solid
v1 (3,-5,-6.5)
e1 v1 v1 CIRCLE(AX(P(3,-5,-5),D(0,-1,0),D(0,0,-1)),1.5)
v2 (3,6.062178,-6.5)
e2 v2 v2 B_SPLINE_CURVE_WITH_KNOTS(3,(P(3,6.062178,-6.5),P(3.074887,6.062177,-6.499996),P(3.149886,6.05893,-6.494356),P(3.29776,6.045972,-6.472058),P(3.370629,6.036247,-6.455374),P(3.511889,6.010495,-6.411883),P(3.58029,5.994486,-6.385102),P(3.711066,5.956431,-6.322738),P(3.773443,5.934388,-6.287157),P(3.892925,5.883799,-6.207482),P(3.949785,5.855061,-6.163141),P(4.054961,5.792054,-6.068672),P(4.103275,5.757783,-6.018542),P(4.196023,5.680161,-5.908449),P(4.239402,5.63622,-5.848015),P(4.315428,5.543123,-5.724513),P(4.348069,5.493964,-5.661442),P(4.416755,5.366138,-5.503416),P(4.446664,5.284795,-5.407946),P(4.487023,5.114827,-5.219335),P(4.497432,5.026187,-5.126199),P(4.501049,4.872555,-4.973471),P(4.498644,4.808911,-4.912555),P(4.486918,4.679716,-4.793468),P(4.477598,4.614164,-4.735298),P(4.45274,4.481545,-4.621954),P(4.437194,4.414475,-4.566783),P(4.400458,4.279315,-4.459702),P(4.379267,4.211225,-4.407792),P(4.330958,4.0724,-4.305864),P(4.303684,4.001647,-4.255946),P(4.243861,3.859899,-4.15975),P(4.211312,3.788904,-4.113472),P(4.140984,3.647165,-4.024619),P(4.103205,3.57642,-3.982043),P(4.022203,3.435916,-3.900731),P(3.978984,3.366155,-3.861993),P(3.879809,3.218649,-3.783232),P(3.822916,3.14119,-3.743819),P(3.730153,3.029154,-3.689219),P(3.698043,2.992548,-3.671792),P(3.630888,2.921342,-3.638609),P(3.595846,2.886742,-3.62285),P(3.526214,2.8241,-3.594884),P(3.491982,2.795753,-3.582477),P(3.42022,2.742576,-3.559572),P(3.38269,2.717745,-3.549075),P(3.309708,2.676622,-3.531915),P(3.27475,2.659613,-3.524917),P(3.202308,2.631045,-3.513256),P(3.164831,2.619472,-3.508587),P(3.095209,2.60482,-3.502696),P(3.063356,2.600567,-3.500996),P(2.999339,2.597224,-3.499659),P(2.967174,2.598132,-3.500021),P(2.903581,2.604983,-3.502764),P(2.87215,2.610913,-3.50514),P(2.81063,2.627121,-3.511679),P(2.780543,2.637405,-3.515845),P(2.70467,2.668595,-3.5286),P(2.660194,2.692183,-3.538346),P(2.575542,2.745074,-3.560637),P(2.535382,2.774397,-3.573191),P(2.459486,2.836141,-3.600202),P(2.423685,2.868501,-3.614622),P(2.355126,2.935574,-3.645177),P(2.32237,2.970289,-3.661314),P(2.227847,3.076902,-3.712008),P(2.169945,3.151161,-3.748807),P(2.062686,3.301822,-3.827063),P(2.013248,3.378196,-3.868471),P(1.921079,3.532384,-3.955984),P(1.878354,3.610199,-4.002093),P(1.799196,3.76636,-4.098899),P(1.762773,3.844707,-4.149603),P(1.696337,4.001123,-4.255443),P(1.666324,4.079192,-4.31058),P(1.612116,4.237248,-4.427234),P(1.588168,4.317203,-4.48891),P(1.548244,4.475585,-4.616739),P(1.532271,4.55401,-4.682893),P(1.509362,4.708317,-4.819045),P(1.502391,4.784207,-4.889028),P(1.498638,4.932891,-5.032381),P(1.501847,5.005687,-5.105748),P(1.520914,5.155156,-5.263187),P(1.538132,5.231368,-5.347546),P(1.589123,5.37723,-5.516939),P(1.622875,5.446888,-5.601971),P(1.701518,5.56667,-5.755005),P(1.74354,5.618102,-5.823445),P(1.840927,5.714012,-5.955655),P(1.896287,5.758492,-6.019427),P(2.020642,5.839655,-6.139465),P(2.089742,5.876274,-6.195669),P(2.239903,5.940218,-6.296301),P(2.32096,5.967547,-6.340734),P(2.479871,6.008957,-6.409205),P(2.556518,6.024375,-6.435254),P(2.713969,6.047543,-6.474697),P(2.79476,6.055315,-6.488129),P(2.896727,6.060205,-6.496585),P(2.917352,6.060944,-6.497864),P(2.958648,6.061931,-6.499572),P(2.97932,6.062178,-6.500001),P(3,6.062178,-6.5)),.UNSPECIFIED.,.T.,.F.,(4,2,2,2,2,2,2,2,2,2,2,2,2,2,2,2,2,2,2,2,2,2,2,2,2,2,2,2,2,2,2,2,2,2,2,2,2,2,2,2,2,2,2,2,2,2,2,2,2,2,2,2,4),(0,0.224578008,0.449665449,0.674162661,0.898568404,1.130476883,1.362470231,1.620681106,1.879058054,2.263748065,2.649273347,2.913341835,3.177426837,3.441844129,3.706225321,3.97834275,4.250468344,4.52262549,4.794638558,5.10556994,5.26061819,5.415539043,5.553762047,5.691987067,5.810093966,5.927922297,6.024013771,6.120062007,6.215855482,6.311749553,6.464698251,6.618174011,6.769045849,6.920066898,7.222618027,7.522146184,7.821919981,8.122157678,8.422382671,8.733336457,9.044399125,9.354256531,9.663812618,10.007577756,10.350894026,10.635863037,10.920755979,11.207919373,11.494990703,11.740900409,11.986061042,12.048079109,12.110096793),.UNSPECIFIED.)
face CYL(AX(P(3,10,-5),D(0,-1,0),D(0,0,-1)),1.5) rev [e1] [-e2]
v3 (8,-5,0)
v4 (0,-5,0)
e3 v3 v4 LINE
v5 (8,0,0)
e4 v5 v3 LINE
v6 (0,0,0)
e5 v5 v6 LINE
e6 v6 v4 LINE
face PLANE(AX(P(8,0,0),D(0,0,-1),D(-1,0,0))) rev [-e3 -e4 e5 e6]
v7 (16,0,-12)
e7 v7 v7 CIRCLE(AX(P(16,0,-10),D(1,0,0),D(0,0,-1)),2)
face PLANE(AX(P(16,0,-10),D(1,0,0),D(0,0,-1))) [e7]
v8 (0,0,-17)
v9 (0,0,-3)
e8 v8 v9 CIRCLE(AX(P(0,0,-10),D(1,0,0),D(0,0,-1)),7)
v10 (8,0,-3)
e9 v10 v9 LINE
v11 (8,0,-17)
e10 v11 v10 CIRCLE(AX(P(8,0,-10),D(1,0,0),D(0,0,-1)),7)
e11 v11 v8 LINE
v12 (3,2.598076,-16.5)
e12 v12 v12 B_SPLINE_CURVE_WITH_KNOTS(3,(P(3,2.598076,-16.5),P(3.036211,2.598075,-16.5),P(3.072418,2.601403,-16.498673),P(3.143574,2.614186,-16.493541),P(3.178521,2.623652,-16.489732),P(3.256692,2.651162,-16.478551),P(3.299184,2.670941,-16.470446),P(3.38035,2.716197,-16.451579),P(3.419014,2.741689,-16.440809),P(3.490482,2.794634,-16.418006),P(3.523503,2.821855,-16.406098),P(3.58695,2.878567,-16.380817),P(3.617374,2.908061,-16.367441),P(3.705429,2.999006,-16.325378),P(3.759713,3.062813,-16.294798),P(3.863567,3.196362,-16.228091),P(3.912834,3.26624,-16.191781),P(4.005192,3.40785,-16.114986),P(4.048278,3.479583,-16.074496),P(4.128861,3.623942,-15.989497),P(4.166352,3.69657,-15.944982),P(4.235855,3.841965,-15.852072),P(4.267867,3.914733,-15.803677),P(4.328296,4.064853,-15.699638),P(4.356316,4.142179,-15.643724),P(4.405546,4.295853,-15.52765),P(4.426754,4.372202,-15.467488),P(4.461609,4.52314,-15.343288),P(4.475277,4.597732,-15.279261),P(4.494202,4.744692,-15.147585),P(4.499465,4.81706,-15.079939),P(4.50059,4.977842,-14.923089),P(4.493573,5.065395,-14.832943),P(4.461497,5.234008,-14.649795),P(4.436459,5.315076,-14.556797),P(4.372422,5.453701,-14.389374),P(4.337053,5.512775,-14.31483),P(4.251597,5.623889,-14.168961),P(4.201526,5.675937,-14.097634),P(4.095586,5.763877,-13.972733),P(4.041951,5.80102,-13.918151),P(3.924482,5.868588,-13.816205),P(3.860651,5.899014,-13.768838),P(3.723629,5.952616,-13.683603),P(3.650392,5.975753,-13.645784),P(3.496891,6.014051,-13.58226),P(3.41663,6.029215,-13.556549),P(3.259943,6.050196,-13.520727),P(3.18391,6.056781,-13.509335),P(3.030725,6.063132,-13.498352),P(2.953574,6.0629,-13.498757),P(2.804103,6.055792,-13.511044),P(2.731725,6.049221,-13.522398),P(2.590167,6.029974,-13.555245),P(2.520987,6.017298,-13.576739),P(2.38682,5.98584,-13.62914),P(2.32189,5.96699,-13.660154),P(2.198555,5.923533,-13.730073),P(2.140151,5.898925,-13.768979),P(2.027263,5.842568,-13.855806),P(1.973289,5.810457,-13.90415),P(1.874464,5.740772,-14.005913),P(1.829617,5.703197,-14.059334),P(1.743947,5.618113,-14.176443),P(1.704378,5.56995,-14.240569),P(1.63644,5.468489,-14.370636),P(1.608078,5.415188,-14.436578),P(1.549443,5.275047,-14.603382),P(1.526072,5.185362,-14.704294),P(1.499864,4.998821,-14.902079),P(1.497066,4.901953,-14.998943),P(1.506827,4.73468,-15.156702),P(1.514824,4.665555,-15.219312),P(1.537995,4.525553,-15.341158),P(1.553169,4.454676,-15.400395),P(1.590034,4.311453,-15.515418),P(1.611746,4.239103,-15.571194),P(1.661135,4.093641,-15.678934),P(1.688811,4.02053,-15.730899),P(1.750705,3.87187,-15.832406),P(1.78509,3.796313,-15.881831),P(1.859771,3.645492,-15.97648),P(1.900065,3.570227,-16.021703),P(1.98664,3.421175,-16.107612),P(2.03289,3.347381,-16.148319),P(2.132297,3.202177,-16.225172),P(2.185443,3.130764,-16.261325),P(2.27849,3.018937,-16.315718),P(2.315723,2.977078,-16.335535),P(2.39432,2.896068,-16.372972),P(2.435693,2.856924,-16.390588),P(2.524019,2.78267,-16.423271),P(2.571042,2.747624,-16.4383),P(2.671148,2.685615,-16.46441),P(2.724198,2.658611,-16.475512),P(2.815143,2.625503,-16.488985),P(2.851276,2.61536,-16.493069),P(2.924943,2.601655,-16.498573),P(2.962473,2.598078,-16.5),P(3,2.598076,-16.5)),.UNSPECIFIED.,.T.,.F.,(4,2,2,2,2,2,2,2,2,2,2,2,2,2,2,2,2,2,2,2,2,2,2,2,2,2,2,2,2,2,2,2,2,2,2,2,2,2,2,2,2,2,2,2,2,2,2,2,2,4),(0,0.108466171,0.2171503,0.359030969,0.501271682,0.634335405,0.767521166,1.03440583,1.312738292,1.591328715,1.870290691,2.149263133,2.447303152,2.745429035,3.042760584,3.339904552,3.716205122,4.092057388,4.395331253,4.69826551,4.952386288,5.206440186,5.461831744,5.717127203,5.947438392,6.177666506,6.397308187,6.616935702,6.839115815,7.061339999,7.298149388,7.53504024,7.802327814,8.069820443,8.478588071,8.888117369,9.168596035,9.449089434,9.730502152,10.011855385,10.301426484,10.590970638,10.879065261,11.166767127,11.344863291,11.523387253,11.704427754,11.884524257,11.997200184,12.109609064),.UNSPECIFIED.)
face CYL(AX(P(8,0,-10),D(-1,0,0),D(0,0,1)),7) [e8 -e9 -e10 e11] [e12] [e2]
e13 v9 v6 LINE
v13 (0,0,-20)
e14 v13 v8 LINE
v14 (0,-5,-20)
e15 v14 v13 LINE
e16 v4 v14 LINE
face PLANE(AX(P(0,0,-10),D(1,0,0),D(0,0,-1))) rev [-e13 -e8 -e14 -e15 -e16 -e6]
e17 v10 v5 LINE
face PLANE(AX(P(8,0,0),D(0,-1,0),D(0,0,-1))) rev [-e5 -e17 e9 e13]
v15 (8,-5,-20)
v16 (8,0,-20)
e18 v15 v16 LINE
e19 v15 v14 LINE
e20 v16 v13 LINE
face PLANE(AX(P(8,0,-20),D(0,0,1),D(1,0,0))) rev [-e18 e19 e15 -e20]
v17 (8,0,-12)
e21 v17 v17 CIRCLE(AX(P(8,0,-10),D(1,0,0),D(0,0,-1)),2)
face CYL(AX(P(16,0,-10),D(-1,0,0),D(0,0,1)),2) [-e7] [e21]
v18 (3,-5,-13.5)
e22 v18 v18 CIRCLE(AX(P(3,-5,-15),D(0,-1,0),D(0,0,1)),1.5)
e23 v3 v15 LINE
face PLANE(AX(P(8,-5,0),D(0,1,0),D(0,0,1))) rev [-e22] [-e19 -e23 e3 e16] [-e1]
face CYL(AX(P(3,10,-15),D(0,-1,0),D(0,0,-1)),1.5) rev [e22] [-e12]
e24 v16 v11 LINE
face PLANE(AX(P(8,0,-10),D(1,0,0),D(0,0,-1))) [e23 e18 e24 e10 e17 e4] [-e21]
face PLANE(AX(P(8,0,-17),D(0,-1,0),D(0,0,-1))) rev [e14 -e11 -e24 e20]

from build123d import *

# Parameters (mm, degrees)
BOSS_EXTRUDE1_DEPTH = 8
SKETCH2_R           = 2
BOSS_EXTRUDE2_DEPTH = 8
SKETCH3_R           = 1.5
CUT_EXTRUDE1_DEPTH  = 15


with BuildPart() as part:
    # Sketch1 → Boss-Extrude1 (new body)
    with BuildSketch(Plane(origin=(0, 0, 0), x_dir=(0, 0, -1), z_dir=(1, 0, 0))):
        with BuildLine():
            Line((17, 0), (20, 0))
            Line((20, 0), (20, -5))
            Line((20, -5), (0, -5))
            Line((0, -5), (0, 0))
            Line((0, 0), (3, 0))
            ThreePointArc((3, 0), (10, 7), (17, 0))
        make_face()
    extrude(amount=BOSS_EXTRUDE1_DEPTH)

    # Sketch2 → Boss-Extrude2 (add)
    with BuildSketch(Plane(origin=(8, 0, 0), x_dir=(0, 0, -1), z_dir=(1, 0, 0))):
        with Locations((10, 0)):
            Circle(SKETCH2_R)
    extrude(amount=BOSS_EXTRUDE2_DEPTH)

    # Sketch3 → Cut-Extrude1 (cut)
    with BuildSketch(Plane.XZ.offset(5)):
        with Locations(Location((3, -5, 0), (0, 0, 270))):
            Circle(SKETCH3_R)
        with Locations(Location((3, -15, 0), (0, 0, 270))):
            Circle(SKETCH3_R)
    extrude(amount=-CUT_EXTRUDE1_DEPTH, mode=Mode.SUBTRACT)


solid = part.part
